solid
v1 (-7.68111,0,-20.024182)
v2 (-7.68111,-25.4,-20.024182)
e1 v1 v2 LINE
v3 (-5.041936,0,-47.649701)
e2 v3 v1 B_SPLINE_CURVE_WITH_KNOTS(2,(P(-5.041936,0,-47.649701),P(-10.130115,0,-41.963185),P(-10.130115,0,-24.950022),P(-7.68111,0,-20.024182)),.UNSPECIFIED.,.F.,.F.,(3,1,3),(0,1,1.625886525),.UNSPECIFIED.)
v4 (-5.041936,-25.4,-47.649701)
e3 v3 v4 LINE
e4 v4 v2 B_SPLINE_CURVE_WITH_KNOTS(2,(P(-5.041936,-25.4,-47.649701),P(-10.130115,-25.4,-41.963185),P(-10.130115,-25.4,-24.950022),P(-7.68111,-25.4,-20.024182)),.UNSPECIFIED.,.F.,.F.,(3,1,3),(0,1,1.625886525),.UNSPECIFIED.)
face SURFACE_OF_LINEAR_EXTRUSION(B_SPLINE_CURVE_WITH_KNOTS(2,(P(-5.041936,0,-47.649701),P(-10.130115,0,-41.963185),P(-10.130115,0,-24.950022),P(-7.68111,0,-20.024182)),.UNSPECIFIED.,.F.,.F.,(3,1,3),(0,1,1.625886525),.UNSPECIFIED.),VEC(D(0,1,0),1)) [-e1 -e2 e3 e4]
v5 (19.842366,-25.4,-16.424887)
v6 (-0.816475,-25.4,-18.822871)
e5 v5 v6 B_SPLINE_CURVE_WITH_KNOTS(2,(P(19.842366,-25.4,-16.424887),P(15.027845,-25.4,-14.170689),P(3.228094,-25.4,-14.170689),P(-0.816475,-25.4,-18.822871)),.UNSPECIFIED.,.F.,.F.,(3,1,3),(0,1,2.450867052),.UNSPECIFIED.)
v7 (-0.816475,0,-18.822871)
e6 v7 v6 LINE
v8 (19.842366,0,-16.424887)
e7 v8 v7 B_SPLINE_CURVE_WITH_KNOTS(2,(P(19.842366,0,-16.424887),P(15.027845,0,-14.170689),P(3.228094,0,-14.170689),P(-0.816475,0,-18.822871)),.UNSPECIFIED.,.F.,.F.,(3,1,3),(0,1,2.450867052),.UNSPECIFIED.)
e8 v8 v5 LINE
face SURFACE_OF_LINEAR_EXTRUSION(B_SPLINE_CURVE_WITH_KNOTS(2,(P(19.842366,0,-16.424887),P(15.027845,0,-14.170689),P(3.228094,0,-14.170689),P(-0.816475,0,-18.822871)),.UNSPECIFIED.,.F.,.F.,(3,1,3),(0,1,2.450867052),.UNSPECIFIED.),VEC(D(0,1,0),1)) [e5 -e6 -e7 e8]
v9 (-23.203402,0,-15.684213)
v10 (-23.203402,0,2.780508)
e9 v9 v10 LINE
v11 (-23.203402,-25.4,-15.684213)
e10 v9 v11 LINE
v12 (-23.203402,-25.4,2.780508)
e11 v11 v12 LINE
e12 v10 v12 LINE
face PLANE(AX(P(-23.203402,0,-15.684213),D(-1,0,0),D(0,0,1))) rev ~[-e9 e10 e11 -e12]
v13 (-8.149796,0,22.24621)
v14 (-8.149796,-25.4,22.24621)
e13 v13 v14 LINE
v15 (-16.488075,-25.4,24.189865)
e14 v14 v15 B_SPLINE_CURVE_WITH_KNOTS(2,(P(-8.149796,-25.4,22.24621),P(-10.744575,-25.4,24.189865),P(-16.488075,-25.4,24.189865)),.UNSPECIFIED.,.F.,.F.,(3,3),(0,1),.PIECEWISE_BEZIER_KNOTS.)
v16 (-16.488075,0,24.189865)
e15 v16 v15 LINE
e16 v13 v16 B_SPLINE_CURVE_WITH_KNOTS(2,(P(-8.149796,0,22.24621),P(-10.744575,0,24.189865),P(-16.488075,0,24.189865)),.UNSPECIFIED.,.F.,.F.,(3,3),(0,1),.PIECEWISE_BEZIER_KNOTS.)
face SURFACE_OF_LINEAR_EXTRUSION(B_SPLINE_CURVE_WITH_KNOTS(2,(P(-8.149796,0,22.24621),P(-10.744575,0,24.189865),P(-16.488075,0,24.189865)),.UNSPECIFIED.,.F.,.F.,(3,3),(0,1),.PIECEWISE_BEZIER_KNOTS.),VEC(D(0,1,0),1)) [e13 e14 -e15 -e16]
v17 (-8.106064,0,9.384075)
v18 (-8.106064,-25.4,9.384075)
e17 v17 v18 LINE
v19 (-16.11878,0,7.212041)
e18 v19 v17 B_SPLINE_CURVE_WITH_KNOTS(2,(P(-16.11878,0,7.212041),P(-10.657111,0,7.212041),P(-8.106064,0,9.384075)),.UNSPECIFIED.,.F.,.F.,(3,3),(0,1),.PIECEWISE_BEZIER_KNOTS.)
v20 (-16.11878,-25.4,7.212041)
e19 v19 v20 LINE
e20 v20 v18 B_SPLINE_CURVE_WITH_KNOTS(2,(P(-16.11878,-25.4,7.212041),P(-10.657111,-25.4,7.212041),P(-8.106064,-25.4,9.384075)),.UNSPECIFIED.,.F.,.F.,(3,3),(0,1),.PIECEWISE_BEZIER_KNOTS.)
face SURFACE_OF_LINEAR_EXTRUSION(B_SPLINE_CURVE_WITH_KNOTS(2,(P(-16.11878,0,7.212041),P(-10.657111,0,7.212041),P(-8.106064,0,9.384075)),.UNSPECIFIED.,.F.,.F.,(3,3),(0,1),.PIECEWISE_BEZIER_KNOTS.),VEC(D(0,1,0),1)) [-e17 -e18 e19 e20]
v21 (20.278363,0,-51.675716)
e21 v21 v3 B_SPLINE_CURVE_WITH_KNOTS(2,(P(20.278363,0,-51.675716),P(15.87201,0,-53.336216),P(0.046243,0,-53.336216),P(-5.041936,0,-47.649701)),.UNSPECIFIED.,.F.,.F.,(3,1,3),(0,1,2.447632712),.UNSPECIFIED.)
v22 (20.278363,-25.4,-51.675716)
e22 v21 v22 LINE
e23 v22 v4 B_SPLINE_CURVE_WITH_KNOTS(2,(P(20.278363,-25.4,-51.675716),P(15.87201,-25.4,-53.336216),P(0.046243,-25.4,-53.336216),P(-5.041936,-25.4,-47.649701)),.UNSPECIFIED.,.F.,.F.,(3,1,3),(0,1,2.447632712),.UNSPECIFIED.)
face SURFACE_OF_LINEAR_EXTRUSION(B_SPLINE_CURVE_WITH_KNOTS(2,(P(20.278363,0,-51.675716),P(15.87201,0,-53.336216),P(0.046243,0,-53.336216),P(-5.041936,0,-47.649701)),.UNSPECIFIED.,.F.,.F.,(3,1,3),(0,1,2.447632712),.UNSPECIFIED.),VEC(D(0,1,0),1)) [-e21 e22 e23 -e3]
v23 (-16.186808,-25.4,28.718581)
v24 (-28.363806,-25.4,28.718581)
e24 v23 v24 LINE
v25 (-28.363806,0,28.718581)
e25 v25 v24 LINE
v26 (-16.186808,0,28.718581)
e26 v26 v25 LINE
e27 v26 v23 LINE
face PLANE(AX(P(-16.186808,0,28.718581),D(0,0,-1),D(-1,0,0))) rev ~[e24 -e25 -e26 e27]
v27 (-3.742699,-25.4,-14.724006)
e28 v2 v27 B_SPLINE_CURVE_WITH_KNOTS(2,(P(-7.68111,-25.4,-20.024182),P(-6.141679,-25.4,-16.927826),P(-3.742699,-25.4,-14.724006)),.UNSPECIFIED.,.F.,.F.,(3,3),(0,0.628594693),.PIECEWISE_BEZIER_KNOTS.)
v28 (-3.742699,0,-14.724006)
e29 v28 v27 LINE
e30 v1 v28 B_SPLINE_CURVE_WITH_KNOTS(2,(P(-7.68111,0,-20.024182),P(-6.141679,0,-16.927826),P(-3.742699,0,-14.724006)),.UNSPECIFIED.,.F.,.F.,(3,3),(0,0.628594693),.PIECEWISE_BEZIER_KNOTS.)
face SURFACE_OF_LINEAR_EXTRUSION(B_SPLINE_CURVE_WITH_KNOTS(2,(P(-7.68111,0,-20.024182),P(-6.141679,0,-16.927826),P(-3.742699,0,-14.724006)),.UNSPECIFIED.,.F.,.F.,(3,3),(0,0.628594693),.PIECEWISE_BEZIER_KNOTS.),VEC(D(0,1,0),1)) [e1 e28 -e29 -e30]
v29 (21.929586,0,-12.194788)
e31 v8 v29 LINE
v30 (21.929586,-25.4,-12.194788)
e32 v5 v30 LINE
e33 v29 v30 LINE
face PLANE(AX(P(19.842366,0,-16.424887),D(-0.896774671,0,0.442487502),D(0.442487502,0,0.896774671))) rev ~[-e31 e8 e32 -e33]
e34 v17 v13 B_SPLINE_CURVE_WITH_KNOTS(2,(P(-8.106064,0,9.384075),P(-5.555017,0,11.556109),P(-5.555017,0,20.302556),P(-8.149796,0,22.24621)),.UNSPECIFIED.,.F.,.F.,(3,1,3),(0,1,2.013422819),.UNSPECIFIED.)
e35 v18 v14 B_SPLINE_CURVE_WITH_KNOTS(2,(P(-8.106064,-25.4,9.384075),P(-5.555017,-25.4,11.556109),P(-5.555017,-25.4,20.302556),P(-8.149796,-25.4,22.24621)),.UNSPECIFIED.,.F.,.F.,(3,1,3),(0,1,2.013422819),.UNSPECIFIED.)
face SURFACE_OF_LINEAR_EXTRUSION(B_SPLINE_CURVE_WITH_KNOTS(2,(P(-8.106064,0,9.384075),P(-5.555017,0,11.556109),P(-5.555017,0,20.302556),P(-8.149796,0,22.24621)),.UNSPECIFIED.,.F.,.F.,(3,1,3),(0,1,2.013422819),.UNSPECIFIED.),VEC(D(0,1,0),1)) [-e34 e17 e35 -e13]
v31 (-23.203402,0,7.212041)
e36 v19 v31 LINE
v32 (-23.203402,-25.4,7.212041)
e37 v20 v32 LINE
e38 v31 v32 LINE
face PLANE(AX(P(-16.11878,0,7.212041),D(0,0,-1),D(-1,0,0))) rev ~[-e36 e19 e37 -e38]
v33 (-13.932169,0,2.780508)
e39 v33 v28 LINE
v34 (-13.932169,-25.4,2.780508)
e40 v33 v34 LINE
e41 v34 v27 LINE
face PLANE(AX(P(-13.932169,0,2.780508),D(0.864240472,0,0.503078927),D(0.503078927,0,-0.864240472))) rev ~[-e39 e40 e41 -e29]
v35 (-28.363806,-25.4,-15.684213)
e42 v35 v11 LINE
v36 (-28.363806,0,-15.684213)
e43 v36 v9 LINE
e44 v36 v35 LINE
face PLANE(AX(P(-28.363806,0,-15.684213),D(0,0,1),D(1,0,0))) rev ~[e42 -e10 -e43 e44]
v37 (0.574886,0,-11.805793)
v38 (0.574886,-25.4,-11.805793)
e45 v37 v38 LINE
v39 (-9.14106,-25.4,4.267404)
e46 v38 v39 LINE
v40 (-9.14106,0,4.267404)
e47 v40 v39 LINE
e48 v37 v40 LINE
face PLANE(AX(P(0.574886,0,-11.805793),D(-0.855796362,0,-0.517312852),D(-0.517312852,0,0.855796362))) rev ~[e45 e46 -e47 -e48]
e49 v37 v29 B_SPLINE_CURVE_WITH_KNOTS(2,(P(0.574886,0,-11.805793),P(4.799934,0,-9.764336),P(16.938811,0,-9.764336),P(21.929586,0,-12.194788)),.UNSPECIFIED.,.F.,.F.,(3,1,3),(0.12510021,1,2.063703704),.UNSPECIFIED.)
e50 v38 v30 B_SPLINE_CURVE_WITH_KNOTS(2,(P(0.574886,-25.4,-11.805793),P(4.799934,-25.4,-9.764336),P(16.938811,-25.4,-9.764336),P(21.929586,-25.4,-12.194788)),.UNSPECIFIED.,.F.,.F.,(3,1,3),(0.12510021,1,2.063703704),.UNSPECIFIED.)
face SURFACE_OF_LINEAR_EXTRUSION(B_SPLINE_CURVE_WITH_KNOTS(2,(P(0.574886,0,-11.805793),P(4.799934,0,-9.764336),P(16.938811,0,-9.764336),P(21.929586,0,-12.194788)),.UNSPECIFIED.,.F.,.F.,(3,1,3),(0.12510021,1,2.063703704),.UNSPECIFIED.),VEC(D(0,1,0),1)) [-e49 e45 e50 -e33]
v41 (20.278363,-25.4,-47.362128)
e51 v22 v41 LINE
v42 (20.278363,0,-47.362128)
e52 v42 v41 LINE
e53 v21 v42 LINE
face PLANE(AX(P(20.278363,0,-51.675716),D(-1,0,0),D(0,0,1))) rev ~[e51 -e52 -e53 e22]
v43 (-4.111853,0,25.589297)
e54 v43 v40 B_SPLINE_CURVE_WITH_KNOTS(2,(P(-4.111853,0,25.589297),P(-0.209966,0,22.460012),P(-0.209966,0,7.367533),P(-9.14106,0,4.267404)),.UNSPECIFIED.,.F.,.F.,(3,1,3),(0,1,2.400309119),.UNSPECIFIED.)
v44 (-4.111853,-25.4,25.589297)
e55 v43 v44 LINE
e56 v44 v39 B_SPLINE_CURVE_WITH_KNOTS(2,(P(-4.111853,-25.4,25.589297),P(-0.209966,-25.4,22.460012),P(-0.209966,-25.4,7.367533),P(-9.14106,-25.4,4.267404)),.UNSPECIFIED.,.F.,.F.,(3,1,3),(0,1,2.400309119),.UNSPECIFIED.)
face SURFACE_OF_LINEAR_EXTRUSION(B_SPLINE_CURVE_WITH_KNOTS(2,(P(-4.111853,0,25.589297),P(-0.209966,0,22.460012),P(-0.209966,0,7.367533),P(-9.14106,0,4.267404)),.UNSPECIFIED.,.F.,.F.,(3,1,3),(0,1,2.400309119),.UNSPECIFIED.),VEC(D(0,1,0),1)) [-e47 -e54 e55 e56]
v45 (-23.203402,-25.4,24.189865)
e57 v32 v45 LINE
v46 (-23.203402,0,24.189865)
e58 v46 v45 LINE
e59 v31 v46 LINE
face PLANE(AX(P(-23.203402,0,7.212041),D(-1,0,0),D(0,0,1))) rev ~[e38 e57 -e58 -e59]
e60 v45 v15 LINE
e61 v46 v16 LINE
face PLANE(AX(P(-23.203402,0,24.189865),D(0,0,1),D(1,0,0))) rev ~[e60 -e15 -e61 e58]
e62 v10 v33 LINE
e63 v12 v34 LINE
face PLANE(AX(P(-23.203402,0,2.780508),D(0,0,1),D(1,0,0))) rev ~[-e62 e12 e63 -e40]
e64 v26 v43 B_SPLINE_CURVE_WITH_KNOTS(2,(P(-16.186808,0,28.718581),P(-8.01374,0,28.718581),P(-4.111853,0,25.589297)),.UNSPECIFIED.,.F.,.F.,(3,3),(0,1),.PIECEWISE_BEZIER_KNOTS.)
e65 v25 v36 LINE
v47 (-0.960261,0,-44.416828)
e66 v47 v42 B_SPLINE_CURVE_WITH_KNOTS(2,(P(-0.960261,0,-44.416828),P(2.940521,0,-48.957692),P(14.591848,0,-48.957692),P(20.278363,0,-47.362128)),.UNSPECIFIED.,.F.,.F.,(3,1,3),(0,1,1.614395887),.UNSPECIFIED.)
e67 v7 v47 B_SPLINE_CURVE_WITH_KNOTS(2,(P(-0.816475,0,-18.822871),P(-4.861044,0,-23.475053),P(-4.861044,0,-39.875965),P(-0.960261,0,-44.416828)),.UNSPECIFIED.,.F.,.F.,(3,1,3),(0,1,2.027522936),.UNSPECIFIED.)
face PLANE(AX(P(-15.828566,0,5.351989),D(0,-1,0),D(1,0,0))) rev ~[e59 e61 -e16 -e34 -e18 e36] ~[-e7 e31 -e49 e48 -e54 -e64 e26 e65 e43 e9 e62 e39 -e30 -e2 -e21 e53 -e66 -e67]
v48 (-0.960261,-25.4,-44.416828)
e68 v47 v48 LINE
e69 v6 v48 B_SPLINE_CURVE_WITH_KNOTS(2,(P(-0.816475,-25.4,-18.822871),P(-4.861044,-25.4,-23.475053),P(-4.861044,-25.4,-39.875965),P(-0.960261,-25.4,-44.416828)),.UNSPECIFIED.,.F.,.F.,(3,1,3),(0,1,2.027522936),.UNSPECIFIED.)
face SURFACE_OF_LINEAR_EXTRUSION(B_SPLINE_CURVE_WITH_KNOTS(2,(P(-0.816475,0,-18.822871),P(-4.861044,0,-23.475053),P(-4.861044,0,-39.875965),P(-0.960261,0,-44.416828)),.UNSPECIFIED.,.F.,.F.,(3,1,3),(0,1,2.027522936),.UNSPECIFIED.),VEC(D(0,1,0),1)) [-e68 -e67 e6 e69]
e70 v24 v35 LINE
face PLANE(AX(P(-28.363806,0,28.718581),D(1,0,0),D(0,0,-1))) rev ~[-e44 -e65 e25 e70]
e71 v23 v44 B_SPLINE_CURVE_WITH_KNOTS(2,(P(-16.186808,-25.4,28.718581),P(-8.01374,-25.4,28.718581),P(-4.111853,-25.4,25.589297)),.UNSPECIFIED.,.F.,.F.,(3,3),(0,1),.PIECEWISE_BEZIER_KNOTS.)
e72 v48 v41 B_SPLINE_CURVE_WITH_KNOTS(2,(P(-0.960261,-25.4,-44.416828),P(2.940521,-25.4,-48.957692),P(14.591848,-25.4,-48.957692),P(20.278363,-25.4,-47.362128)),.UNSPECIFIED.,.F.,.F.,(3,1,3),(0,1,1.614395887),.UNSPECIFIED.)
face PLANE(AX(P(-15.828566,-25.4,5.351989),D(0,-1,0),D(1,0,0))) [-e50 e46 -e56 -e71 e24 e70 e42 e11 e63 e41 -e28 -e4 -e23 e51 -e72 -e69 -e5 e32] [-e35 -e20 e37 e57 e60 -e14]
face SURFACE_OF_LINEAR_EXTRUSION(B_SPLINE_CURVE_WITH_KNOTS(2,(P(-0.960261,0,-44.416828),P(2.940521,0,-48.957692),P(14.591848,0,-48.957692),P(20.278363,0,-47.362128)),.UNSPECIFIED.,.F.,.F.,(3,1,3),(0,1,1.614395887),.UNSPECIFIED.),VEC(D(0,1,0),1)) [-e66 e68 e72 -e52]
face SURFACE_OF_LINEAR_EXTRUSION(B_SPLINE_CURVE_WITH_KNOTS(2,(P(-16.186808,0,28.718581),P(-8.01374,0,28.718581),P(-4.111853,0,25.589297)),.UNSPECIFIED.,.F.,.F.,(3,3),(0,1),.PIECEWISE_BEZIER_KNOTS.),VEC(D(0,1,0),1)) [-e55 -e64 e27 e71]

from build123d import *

# Parameters (mm, degrees)
F1_DEPTH = 25.4


with BuildPart() as f1:
    # F0 (on Front) → F1 (new body)
    with BuildSketch(Plane.XZ):
        with BuildLine():
            Line((-23.2034021339, -15.684212558), (-23.2034021339, 2.7805077763))
            Line((-23.2034021339, 2.7805077763), (-13.9321688714, 2.7805077763))
            Line((-13.9321688714, 2.7805077763), (-3.7426993589, -14.7240058528))
            add(Edge.make_bspline(
                [(-3.7426993589, -14.7240058528), (-2.3252619438, -13.4218784509), (-0.6077529949, -12.4313391875)],
                knots=[0.6285946929, 0.6285946929, 0.6285946929, 1, 1, 1], degree=2))
            add(Edge.make_bspline(
                [(-0.6077529949, -12.4313391875), (-0.0292455638, -12.0976964865), (0.5748858439, -11.8057925574)],
                knots=[0, 0, 0, 0.12510021, 0.12510021, 0.12510021], degree=2))
            Line((0.5748858439, -11.8057925574), (-9.1410598583, 4.2674036769))
            add(Edge.make_bspline(
                [(-0.2099661809, 16.1722891555), (-0.2099661809, 7.3675330382), (-9.1410598583, 4.2674036769)],
                knots=[0, 0, 0, 1, 1, 1], degree=2))
            add(Edge.make_bspline(
                [(-4.1118531357, 25.5892965259), (-0.2099661809, 22.460012343), (-0.2099661809, 16.1722891555)],
                knots=[0, 0, 0, 1, 1, 1], degree=2))
            add(Edge.make_bspline(
                [(-16.1868084069, 28.7185807089), (-8.0137400906, 28.7185807089), (-4.1118531357, 25.5892965259)],
                knots=[0, 0, 0, 1, 1, 1], degree=2))
            Line((-16.1868084069, 28.7185807089), (-28.3638055537, 28.7185807089))
            Line((-28.3638055537, 28.7185807089), (-28.3638055537, -15.684212558))
            Line((-28.3638055537, -15.684212558), (-23.2034021339, -15.684212558))
        make_face()
        with BuildLine():
            Line((-16.1187804899, 7.2120406565), (-23.2034021339, 7.2120406565))
            Line((-23.2034021339, 7.2120406565), (-23.2034021339, 24.1898650901))
            Line((-23.2034021339, 24.1898650901), (-16.4880748966, 24.1898650901))
            add(Edge.make_bspline(
                [(-8.1497959246, 22.2462103181), (-10.7445750453, 24.1898650901), (-16.4880748966, 24.1898650901)],
                knots=[0, 0, 0, 1, 1, 1], degree=2))
            add(Edge.make_bspline(
                [(-5.555016804, 15.9001774874), (-5.555016804, 20.302555546), (-8.1497959246, 22.2462103181)],
                knots=[0, 0, 0, 1, 1, 1], degree=2))
            add(Edge.make_bspline(
                [(-8.1060636922, 9.3840748642), (-5.555016804, 11.5561090719), (-5.555016804, 15.9001774874)],
                knots=[0, 0, 0, 1, 1, 1], degree=2))
            add(Edge.make_bspline(
                [(-16.1187804899, 7.2120406565), (-10.6571105805, 7.2120406565), (-8.1060636922, 9.3840748642)],
                knots=[0, 0, 0, 1, 1, 1], degree=2))
        make_face(mode=Mode.SUBTRACT)
        with BuildLine():
            add(Edge.make_bspline(
                [(-3.7426993589, -14.7240058528), (-2.3252619438, -13.4218784509), (-0.6077529949, -12.4313391875)],
                knots=[0.6285946929, 0.6285946929, 0.6285946929, 1, 1, 1], degree=2))
            Line((-3.7426993589, -14.7240058528), (-3.1837579821, -15.684212558))
            Line((-3.1837579821, -15.684212558), (2.9193180021, -15.684212558))
            Line((2.9193180021, -15.684212558), (0.5748858439, -11.8057925574))
            add(Edge.make_bspline(
                [(-0.6077529949, -12.4313391875), (-0.0292455638, -12.0976964865), (0.5748858439, -11.8057925574)],
                knots=[0, 0, 0, 0.12510021, 0.12510021, 0.12510021], degree=2))
        make_face()
        with BuildLine():
            Line((-3.1837579821, -15.684212558), (-3.7426993589, -14.7240058528))
            add(Edge.make_bspline(
                [(-7.681110171, -20.0241822677), (-6.14167864, -16.9278256655), (-3.7426993589, -14.7240058528)],
                knots=[0, 0, 0, 0.6285946929, 0.6285946929, 0.6285946929], degree=2))
            add(Edge.make_bspline(
                [(-10.1301151473, -31.4992548274), (-10.1301151473, -24.9500218224), (-7.681110171, -20.0241822677)],
                knots=[0, 0, 0, 1, 1, 1], degree=2))
            add(Edge.make_bspline(
                [(-5.0419362476, -47.6497005238), (-10.1301151473, -41.963185181), (-10.1301151473, -31.4992548274)],
                knots=[0, 0, 0, 1, 1, 1], degree=2))
            add(Edge.make_bspline(
                [(9.4062654596, -53.3362158667), (0.0462426522, -53.3362158667), (-5.0419362476, -47.6497005238)],
                knots=[0, 0, 0, 1, 1, 1], degree=2))
            add(Edge.make_bspline(
                [(20.2783633092, -51.6757162804), (15.8720096586, -53.3362158667), (9.4062654596, -53.3362158667)],
                knots=[0, 0, 0, 1, 1, 1], degree=2))
            Line((20.2783633092, -51.6757162804), (20.2783633092, -47.3621279698))
            add(Edge.make_bspline(
                [(10.1576647137, -48.957691818), (14.5918479664, -48.957691818), (20.2783633092, -47.3621279698)],
                knots=[0, 0, 0, 1, 1, 1], degree=2))
            add(Edge.make_bspline(
                [(-0.960261287, -44.4168284243), (2.9405212606, -48.957691818), (10.1576647137, -48.957691818)],
                knots=[0, 0, 0, 1, 1, 1], degree=2))
            add(Edge.make_bspline(
                [(-4.8610438346, -31.5641905654), (-4.8610438346, -39.8759650307), (-0.960261287, -44.4168284243)],
                knots=[0, 0, 0, 1, 1, 1], degree=2))
            add(Edge.make_bspline(
                [(-0.8164750099, -18.8228711145), (-4.8610438346, -23.4750529162), (-4.8610438346, -31.5641905654)],
                knots=[0, 0, 0, 1, 1, 1], degree=2))
            add(Edge.make_bspline(
                [(10.2133239177, -14.1706893128), (3.2280938147, -14.1706893128), (-0.8164750099, -18.8228711145)],
                knots=[0, 0, 0, 1, 1, 1], degree=2))
            add(Edge.make_bspline(
                [(19.8423662112, -16.4248870751), (15.0278450645, -14.1706893128), (10.2133239177, -14.1706893128)],
                knots=[0, 0, 0, 1, 1, 1], degree=2))
            Line((19.8423662112, -16.4248870751), (21.9295863615, -12.1947875705))
            add(Edge.make_bspline(
                [(10.2782596557, -9.7643356621), (16.9388110687, -9.7643356621), (21.9295863615, -12.1947875705)],
                knots=[0, 0, 0, 1, 1, 1], degree=2))
            add(Edge.make_bspline(
                [(0.5748858439, -11.8057925574), (4.799934242, -9.7643356621), (10.2782596557, -9.7643356621)],
                knots=[0.12510021, 0.12510021, 0.12510021, 1, 1, 1], degree=2))
            Line((0.5748858439, -11.8057925574), (2.9193180021, -15.684212558))
            Line((2.9193180021, -15.684212558), (-3.1837579821, -15.684212558))
        make_face()
    extrude(amount=F1_DEPTH)


solid = f1.part
